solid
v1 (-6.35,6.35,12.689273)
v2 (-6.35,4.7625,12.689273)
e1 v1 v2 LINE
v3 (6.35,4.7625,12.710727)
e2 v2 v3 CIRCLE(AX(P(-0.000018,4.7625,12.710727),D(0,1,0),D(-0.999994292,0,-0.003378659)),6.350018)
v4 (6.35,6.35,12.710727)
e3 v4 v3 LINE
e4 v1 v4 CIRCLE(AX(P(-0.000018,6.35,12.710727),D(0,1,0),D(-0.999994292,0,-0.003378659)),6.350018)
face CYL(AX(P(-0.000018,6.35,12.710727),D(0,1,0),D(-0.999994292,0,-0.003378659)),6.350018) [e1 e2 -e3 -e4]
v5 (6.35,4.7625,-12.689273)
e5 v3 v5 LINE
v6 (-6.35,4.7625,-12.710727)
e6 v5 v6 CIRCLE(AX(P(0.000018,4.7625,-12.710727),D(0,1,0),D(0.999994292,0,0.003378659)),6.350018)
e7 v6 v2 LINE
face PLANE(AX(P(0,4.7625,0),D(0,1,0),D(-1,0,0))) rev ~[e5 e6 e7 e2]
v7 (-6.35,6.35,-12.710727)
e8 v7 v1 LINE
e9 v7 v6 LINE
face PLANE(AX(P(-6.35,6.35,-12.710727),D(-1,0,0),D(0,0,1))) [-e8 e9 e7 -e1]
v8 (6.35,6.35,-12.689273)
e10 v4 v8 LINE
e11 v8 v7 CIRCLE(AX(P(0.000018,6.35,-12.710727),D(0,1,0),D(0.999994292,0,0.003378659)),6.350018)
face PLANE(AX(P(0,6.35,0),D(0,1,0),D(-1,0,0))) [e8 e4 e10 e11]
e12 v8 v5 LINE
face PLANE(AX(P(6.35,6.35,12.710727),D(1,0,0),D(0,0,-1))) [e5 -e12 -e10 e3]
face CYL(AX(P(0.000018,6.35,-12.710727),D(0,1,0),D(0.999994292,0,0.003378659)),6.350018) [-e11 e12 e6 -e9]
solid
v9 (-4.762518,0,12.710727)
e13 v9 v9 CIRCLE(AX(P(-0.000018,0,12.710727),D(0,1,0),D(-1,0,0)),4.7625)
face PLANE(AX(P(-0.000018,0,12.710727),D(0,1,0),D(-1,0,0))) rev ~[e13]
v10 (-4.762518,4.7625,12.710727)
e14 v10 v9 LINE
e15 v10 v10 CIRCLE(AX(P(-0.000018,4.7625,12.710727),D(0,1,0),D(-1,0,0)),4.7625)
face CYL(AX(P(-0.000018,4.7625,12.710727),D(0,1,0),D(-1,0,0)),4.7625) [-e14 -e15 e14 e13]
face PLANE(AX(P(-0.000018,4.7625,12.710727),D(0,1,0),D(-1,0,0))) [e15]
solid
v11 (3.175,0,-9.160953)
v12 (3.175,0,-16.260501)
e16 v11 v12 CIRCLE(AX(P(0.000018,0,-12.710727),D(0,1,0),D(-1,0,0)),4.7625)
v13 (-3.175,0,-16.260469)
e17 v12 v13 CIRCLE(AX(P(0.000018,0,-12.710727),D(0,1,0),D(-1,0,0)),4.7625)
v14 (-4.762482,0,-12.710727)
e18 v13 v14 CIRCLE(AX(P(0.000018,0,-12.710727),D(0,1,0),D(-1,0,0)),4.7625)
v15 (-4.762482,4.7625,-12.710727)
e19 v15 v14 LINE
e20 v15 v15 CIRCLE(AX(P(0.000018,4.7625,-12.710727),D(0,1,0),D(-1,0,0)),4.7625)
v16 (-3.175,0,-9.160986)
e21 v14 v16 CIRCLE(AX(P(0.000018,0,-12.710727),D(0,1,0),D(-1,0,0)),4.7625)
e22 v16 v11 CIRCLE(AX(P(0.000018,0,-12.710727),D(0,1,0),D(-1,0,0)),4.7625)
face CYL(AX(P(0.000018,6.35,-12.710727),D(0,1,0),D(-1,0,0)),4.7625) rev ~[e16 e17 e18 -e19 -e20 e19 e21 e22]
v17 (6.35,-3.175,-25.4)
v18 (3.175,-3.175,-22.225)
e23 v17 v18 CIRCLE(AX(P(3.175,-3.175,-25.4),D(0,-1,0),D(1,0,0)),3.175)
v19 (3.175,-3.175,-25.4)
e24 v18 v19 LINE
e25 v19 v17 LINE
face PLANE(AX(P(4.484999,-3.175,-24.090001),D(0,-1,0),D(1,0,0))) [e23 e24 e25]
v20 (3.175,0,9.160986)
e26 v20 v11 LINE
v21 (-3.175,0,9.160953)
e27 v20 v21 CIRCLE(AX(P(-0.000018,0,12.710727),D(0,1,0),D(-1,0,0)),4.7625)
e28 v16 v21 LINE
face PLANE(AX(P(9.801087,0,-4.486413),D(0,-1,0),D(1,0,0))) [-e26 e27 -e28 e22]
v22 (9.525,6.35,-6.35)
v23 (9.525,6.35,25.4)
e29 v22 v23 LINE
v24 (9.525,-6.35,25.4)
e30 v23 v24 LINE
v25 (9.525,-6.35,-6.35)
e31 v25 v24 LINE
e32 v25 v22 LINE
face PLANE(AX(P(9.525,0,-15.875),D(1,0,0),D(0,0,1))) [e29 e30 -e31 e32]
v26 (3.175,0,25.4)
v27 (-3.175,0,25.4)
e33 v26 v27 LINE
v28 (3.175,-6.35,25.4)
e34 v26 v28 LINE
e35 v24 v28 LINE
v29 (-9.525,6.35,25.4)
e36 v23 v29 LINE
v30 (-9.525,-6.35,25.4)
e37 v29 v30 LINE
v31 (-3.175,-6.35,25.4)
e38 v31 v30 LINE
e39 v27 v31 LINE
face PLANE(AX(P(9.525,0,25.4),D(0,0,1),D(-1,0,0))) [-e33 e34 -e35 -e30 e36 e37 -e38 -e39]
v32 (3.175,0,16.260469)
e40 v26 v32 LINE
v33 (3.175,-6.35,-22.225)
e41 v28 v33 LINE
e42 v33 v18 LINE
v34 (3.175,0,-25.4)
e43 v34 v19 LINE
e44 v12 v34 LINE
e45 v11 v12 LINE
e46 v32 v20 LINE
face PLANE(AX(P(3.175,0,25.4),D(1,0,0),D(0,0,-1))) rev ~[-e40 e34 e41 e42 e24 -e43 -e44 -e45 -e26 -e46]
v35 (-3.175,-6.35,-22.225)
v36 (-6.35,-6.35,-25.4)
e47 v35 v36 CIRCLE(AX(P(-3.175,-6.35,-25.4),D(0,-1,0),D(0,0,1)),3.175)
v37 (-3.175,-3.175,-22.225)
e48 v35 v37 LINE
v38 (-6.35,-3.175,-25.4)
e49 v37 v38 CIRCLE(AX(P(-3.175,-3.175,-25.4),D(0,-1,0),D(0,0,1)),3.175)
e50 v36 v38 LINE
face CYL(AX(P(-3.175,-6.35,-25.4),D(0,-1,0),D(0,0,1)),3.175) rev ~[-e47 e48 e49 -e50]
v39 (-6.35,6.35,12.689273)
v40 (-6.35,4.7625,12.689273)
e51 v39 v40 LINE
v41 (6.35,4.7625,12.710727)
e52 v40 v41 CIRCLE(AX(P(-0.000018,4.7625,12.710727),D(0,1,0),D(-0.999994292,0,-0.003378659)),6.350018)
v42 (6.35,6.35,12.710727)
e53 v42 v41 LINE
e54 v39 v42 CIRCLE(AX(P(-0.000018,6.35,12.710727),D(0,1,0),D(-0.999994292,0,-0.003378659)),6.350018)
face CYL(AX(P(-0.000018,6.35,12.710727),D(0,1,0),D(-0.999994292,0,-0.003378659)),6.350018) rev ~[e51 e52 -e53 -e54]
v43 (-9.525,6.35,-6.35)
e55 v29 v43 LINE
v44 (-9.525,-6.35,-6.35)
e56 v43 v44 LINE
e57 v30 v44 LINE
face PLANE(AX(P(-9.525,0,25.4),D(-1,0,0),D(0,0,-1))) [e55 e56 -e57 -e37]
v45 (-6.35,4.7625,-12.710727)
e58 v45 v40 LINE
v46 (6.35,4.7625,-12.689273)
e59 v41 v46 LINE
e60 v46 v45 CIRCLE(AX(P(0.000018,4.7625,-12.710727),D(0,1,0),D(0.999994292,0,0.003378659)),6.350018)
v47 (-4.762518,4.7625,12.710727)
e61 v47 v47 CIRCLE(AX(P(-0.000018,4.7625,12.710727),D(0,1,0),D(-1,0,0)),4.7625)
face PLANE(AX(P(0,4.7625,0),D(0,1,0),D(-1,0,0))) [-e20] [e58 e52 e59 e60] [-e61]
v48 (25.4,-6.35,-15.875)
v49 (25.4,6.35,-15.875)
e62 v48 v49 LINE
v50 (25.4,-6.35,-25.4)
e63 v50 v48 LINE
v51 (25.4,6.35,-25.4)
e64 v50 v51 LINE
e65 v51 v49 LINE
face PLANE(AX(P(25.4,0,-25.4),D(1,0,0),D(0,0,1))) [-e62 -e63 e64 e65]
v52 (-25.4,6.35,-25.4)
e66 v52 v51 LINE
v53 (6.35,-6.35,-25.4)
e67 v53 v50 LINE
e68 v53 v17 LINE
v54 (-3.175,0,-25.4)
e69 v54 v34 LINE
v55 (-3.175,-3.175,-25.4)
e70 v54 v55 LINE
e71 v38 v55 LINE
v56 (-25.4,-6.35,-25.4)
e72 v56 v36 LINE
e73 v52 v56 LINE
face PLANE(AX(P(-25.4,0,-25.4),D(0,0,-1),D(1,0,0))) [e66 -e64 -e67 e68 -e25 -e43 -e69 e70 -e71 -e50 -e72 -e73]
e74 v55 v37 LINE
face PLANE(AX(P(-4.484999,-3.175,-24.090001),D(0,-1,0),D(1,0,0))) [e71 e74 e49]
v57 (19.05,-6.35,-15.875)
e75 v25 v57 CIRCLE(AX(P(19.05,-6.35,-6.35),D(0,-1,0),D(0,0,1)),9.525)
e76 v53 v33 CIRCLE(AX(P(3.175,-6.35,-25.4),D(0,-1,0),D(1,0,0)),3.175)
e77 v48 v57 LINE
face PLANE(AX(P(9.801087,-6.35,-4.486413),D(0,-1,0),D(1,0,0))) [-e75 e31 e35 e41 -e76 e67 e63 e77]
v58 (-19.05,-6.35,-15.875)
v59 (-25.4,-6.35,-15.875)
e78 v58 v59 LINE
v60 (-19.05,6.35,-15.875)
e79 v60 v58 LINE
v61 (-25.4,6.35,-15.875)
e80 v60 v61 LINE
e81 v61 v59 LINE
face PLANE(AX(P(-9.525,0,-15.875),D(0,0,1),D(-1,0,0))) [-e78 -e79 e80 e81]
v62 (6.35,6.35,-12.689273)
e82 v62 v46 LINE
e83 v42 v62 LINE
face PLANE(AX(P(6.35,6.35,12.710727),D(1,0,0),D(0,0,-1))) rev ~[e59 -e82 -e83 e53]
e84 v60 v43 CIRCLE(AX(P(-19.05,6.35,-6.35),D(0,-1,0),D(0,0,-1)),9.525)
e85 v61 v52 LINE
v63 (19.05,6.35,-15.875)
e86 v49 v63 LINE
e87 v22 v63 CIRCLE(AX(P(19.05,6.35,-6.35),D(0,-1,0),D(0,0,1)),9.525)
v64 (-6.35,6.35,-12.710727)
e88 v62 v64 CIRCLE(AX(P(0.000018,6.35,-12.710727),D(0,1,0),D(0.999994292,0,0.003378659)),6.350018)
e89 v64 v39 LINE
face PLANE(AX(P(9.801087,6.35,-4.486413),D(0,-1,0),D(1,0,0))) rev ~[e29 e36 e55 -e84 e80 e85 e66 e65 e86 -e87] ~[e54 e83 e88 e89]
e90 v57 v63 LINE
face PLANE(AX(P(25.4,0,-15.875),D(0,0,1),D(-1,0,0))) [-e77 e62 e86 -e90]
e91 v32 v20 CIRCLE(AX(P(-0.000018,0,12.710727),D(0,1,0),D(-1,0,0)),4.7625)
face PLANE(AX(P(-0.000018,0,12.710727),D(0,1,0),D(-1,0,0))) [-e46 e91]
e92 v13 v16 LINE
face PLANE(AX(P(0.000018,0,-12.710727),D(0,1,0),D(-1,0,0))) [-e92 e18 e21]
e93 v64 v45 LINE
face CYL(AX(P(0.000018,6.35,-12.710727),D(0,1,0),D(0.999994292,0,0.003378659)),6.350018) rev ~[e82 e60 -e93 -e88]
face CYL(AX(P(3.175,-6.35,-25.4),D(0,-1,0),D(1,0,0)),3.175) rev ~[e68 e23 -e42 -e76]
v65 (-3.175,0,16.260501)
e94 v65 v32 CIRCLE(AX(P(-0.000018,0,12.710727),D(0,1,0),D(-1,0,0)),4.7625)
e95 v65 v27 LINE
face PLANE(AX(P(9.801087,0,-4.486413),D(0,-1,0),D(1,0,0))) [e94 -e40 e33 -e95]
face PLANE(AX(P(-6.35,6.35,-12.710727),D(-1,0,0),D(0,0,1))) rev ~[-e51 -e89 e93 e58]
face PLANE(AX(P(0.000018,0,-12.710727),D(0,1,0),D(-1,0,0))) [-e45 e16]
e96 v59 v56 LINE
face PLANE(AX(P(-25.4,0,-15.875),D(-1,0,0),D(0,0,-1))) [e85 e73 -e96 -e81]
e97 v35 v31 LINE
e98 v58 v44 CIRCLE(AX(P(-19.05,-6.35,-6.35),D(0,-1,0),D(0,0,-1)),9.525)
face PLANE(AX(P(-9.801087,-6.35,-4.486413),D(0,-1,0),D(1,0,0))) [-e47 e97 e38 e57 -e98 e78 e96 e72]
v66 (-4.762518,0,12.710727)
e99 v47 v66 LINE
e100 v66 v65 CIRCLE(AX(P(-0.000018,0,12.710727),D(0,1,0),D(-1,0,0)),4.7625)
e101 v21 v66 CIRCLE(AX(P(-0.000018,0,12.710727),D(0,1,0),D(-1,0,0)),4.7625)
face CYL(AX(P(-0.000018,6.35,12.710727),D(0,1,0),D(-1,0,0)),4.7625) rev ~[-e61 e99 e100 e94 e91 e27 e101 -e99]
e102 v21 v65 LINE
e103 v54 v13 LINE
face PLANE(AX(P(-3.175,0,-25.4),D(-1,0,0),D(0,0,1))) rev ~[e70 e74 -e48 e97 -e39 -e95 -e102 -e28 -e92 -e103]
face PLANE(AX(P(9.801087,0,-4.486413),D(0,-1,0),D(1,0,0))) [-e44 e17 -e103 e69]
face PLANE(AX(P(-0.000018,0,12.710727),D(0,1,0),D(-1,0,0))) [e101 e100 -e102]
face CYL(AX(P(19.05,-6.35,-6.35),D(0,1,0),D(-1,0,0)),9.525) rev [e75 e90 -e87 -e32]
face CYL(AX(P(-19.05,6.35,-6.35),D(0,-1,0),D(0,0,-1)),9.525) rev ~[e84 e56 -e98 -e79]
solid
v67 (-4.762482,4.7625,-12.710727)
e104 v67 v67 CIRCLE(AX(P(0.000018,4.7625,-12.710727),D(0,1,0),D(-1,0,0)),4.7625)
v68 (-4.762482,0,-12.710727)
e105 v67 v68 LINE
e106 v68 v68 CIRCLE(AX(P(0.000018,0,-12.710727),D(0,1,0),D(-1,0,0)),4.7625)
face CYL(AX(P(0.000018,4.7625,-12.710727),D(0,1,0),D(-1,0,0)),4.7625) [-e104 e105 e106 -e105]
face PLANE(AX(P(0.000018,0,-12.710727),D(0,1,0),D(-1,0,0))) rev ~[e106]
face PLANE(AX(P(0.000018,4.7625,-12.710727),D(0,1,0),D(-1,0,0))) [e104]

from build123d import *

# Parameters (mm, degrees)
F1_DEPTH  = 6.35
F0_W      = 6.35
F0_H      = 50.8
F2_DEPTH  = 6.35
F4_R      = 9.525
F5_R      = 4.7625
F6_DEPTH  = 6.35
F7_DEPTH  = 1.5875
F9_DEPTH  = 3.175
F11_DEPTH = 3.175
F12_DEPTH = 1.5875
F13_R     = 4.7625
F14_DEPTH = 4.7625
F15_DEPTH = 4.7625


with BuildPart() as f1:
    # F0 (on Front) → F1 (new body)
    with BuildSketch(Plane.XZ):
        Polygon((-3.175, -25.4), (-3.175, 25.4), (-9.525, 25.4), (-9.525, -15.875), (-25.4, -15.875), (-25.4, -25.4), align=None)
    extrude(amount=F1_DEPTH)


with BuildPart() as f1b:
    # F0 (on Front) → F1, piece 2 (new body)
    with BuildSketch(Plane.XZ):
        Polygon((9.525, -15.875), (9.525, 25.4), (3.175, 25.4), (3.175, -25.4), (25.4, -25.4), (25.4, -15.875), align=None)
    extrude(amount=F1_DEPTH)


with BuildPart() as f2:
    # F0 (on Front) → F2 (new body)
    with BuildSketch(Plane.XZ):
        Polygon((9.525, -15.875), (9.525, 25.4), (3.175, 25.4), (3.175, -25.4), (25.4, -25.4), (25.4, -15.875), align=None)
        Rectangle(F0_W, F0_H)
        Polygon((-3.175, -25.4), (-3.175, 25.4), (-9.525, 25.4), (-9.525, -15.875), (-25.4, -15.875), (-25.4, -25.4), align=None)
    extrude(amount=-F2_DEPTH)


with BuildPart() as f1b_1:
    add(f1b.part)

    # F3: union F1, F2
    add(f1.part)
    add(f2.part)

    # F4
    f4_edges = [f1b_1.edges().sort_by_distance(p)[0] for p in [
        (9.525, 0, -15.875),
        (-9.525, 0, -15.875),
    ]]
    fillet(f4_edges, radius=F4_R)

    # F5 (on face) → F6 (cut)
    with BuildSketch(Plane(origin=(0, 6.35, 0), x_dir=(-1, 0, 0), z_dir=(0, 1, 0))):
        with Locations((1.8122e-05, 12.7107272731)):
            Circle(F5_R)
        with Locations((-1.8122e-05, -12.7107272731)):
            Circle(F5_R)
    extrude(amount=-F6_DEPTH, mode=Mode.SUBTRACT)

    # F5 (on face) → F7 (cut)
    with BuildSketch(Plane(origin=(0, 6.35, 0), x_dir=(-1, 0, 0), z_dir=(0, 1, 0))):
        with BuildLine():
            Line((6.35, -12.7107272731), (6.35, 12.6892727269))
            ThreePointArc((6.35, 12.6892727269), (0.0107454103, 19.060736334), (-6.35, 12.7107272731))
            Line((-6.35, 12.7107272731), (-6.35, -12.6892727269))
            ThreePointArc((-6.35, -12.6892727269), (-0.0107454103, -19.060736334), (6.35, -12.7107272731))
        make_face()
        with Locations((-1.8122e-05, -12.7107272731)):
            Circle(F5_R, mode=Mode.SUBTRACT)
        with Locations((1.8122e-05, 12.7107272731)):
            Circle(F5_R, mode=Mode.SUBTRACT)
    extrude(amount=-F7_DEPTH, mode=Mode.SUBTRACT)

    # F8 (on face) → F9 (cut)
    with BuildSketch(Plane.XZ.offset(6.35)):
        with BuildLine():
            Line((-3.175, -25.4), (-3.175, -22.225))
            ThreePointArc((-3.175, -22.225), (-5.4200640303, -23.1549359697), (-6.35, -25.4))
            Line((-6.35, -25.4), (-3.175, -25.4))
        make_face()
    extrude(amount=-F9_DEPTH, mode=Mode.SUBTRACT)

    # F10 (on face) → F11 (cut)
    with BuildSketch(Plane.XZ.offset(6.35)):
        with BuildLine():
            Line((3.175, -25.4), (6.35, -25.4))
            ThreePointArc((6.35, -25.4), (5.4200640303, -23.1549359697), (3.175, -22.225))
            Line((3.175, -22.225), (3.175, -25.4))
        make_face()
    extrude(amount=-F11_DEPTH, mode=Mode.SUBTRACT)


with BuildPart() as f12:
    # F5 (on face) → F12 (new body)
    with BuildSketch(Plane(origin=(0, 6.35, 0), x_dir=(-1, 0, 0), z_dir=(0, 1, 0))):
        with BuildLine():
            Line((6.35, -12.7107272731), (6.35, 12.6892727269))
            ThreePointArc((6.35, 12.6892727269), (0.0107454103, 19.060736334), (-6.35, 12.7107272731))
            Line((-6.35, 12.7107272731), (-6.35, -12.6892727269))
            ThreePointArc((-6.35, -12.6892727269), (-0.0107454103, -19.060736334), (6.35, -12.7107272731))
        make_face()
        with Locations((-1.8122e-05, -12.7107272731)):
            Circle(F5_R, mode=Mode.SUBTRACT)
        with Locations((1.8122e-05, 12.7107272731)):
            Circle(F5_R, mode=Mode.SUBTRACT)
        with Locations((1.8122e-05, 12.7107272731)):
            Circle(F5_R)
        with Locations((-1.8122e-05, -12.7107272731)):
            Circle(F5_R)
    extrude(amount=-F12_DEPTH)


with BuildPart() as f14:
    # F13 (on face) → F14 (new body)
    with BuildSketch(Plane(origin=(0, 4.7625, 0), x_dir=(-1, 0, 0), z_dir=(0, 1, 0))):
        with Locations((1.8122e-05, 12.7107272731)):
            Circle(F13_R)
    extrude(amount=-F14_DEPTH)


with BuildPart() as f15:
    # F13 (on face) → F15 (new body)
    with BuildSketch(Plane(origin=(0, 4.7625, 0), x_dir=(-1, 0, 0), z_dir=(0, 1, 0))):
        with Locations((-1.8122e-05, -12.7107272731)):
            Circle(F13_R)
    extrude(amount=-F15_DEPTH)


solid = Compound([f1b_1.part, f12.part, f14.part, f15.part])
